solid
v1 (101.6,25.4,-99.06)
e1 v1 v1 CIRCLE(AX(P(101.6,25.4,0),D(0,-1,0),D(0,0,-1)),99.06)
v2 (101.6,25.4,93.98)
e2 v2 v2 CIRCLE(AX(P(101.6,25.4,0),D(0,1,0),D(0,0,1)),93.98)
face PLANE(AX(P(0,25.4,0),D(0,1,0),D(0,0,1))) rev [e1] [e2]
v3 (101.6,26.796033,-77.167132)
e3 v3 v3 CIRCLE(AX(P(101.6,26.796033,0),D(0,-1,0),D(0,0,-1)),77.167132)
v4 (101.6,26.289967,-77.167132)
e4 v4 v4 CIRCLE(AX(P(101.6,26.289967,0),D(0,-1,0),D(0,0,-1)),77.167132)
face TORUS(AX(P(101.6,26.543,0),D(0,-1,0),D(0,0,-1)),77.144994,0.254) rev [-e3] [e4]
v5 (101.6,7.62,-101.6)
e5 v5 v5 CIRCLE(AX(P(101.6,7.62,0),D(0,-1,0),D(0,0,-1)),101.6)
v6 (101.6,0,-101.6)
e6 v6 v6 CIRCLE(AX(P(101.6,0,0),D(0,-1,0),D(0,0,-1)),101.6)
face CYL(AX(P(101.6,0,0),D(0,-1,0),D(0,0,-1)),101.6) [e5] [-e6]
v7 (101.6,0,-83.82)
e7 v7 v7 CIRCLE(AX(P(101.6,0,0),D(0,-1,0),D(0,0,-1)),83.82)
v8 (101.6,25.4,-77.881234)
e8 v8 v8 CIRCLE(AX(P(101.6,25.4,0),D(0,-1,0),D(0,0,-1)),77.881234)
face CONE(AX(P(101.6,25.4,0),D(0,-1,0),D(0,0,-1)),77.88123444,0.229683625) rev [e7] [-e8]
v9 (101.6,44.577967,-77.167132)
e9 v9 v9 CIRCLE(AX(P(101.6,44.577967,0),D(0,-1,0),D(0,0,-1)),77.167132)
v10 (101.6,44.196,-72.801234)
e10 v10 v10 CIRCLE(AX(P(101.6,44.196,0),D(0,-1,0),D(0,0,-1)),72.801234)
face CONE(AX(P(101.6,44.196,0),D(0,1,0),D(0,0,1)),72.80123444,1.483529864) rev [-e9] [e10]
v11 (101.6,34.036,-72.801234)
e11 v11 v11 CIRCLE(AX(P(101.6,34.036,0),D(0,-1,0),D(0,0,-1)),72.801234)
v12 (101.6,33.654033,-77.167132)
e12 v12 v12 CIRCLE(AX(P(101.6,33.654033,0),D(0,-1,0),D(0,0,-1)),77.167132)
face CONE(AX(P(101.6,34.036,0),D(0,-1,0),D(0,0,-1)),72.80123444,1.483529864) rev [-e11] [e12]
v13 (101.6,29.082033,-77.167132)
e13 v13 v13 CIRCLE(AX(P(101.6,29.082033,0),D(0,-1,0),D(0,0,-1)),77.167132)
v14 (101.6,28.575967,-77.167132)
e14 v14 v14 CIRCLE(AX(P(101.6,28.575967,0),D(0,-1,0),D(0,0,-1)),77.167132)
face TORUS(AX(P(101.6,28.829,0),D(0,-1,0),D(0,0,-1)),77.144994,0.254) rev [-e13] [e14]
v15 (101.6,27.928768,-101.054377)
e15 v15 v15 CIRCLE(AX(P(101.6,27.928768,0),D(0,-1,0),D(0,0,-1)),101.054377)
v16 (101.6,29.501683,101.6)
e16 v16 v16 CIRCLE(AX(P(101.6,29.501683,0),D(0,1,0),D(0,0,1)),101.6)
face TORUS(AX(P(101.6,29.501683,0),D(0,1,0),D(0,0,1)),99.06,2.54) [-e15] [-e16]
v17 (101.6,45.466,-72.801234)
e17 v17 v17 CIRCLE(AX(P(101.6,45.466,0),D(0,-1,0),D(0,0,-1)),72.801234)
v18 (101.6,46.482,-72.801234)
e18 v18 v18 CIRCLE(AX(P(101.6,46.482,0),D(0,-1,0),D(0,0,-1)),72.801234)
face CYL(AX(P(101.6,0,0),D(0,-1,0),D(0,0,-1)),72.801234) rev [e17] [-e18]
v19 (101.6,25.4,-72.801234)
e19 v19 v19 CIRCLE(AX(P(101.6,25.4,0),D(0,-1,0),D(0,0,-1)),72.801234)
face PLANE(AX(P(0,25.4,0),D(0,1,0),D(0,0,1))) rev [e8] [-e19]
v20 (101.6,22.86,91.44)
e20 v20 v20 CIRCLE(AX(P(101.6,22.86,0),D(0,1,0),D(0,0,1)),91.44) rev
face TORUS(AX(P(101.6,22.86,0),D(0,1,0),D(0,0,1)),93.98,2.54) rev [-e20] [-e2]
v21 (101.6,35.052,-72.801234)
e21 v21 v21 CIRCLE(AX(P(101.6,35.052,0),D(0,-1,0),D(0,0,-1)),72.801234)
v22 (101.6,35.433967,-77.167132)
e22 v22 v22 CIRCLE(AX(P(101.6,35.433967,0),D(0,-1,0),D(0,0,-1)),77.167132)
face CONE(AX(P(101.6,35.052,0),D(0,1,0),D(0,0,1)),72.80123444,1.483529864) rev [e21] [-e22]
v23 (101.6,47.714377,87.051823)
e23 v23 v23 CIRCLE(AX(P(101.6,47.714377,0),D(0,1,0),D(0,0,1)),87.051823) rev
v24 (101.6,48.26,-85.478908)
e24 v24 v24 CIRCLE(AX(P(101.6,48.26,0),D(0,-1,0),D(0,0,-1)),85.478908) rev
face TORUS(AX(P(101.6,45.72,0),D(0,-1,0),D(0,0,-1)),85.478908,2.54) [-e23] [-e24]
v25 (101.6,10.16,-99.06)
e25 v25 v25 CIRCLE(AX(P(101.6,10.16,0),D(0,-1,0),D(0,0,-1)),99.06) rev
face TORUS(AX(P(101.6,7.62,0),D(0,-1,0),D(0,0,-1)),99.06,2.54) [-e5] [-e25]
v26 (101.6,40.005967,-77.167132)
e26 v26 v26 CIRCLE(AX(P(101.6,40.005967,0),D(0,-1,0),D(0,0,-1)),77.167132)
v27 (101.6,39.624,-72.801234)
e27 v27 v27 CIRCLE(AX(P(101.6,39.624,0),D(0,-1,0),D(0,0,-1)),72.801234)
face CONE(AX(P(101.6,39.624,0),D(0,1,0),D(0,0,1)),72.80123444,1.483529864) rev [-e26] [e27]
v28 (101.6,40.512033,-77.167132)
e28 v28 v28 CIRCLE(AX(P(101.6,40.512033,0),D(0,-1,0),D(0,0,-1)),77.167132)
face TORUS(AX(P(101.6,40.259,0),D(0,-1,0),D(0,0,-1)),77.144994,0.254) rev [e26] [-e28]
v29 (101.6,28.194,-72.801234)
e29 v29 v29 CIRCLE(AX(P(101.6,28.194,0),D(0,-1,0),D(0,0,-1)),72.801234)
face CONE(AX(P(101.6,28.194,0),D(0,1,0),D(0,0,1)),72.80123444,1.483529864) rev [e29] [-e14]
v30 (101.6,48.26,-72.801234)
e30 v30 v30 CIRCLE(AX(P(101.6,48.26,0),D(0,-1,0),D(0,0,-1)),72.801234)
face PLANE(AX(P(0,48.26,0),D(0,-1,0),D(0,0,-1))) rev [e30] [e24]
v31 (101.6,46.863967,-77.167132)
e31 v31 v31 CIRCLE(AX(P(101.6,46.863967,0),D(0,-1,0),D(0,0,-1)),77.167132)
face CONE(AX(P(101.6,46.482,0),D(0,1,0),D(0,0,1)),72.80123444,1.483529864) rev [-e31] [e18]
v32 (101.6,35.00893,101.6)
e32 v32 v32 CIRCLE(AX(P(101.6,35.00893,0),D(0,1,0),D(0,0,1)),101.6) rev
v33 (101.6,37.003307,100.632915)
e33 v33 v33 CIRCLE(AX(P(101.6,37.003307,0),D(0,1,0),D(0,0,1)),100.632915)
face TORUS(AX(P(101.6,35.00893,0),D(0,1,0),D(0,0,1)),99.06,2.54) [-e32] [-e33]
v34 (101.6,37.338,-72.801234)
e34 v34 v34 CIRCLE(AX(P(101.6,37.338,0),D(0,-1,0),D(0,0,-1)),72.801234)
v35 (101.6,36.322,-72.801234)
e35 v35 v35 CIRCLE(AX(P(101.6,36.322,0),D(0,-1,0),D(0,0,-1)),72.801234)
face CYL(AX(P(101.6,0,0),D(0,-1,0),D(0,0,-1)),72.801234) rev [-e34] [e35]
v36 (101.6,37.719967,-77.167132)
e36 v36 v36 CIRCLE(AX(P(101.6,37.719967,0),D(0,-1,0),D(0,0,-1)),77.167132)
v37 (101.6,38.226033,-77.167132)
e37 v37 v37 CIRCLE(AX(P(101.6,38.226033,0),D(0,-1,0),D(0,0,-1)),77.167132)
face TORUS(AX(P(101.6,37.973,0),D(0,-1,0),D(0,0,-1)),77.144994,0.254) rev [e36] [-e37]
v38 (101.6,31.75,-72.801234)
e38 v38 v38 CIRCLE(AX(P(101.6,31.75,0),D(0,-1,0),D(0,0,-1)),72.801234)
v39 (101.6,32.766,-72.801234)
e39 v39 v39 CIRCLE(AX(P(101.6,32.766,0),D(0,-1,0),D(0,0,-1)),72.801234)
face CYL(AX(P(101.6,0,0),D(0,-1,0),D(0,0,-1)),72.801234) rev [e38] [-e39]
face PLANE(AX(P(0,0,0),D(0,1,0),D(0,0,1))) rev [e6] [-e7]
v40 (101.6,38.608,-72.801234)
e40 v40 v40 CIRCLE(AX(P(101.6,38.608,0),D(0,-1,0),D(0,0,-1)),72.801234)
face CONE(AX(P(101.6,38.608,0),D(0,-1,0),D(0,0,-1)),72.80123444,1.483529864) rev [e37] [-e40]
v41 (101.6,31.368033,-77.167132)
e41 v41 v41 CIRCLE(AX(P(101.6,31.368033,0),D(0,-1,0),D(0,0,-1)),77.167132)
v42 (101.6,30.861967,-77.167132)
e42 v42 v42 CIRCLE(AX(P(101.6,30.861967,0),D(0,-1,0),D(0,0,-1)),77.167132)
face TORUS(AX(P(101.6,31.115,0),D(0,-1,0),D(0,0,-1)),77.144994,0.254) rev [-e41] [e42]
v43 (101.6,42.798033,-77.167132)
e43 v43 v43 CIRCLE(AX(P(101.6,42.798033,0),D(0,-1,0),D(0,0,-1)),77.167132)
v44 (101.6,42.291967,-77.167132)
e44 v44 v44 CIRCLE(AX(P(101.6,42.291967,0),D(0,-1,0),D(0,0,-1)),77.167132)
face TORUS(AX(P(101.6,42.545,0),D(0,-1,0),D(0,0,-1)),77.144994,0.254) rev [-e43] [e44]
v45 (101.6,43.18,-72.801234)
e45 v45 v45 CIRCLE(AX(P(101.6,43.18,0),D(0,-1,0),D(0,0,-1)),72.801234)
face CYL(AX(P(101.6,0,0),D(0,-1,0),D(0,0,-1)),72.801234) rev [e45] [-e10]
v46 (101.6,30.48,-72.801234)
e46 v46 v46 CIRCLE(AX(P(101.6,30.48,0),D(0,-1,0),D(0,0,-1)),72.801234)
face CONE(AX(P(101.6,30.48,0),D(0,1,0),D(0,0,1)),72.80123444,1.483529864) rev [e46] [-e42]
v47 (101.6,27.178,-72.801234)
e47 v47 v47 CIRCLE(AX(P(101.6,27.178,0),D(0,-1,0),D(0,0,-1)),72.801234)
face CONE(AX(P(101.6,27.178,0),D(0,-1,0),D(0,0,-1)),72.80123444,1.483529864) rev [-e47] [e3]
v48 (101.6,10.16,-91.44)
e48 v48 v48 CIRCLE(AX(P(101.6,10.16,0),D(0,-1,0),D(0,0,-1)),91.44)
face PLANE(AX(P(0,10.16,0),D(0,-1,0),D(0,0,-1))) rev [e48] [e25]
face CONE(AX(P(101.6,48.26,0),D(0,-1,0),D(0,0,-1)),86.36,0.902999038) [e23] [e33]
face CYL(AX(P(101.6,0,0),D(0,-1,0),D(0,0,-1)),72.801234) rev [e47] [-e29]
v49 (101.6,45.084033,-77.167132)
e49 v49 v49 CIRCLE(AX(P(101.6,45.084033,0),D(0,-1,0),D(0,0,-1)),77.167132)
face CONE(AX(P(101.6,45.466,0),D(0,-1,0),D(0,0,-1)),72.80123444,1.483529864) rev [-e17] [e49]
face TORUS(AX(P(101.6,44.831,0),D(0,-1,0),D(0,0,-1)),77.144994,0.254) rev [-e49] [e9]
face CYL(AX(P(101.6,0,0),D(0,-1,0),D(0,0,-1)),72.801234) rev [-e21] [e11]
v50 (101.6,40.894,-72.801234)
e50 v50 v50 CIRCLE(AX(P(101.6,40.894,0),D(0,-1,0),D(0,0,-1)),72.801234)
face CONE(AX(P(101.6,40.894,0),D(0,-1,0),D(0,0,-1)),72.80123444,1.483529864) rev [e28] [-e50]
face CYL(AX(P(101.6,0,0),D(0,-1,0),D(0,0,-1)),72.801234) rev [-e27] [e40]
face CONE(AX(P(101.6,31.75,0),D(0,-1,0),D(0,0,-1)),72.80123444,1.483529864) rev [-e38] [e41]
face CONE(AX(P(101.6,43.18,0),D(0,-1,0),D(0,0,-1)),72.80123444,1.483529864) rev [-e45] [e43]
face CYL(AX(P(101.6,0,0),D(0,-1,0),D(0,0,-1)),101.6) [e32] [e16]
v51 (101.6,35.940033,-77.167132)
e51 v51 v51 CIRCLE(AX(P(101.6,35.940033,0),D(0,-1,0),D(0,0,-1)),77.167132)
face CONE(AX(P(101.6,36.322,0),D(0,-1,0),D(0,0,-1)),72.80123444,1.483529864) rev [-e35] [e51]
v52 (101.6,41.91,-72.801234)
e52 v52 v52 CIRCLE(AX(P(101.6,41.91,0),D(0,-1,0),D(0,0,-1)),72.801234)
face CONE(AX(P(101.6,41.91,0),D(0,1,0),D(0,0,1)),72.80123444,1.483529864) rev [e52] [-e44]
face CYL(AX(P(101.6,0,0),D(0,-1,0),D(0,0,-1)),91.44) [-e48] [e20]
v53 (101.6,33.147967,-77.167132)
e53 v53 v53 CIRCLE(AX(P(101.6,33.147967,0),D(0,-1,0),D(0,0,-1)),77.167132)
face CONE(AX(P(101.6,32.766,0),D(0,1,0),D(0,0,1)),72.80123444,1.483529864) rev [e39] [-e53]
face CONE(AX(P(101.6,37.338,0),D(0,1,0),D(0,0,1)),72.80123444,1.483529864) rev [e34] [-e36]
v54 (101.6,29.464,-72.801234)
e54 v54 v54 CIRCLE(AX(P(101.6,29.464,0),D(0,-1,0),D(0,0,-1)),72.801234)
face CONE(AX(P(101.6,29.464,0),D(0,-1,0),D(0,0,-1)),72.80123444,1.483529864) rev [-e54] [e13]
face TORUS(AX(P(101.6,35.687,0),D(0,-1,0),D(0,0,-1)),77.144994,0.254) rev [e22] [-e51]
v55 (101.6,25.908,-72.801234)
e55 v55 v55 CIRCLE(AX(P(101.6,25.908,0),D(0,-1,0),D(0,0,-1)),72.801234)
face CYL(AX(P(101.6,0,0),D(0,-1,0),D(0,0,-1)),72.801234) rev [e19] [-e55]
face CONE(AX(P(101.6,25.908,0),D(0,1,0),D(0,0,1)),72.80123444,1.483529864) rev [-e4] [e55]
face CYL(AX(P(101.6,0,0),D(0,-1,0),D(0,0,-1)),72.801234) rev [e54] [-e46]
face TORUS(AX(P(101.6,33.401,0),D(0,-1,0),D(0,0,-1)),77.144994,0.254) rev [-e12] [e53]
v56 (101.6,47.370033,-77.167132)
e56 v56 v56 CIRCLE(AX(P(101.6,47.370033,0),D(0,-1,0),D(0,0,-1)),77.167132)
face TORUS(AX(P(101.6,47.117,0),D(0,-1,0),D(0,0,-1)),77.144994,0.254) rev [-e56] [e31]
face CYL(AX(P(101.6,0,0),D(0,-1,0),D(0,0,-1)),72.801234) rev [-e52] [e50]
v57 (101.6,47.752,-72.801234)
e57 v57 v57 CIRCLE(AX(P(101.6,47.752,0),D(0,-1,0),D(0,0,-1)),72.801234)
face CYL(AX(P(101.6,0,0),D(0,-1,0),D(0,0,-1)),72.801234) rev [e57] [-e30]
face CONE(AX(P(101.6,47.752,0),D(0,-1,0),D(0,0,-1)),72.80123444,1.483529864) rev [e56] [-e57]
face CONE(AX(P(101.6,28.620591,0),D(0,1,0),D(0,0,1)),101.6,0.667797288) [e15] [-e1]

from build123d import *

# Parameters (mm, degrees)
FILLET1_R = 2.54
FILLET2_R = 2.54


with BuildPart() as part:
    # Sketch1 → Revolve1 (revolve)
    with BuildSketch(Plane.XY, mode=Mode.PRIVATE) as revolve1_sk:
        with BuildLine():
            Line((0, 10.16), (0, 0))
            Line((0, 0), (17.78, 0))
            Line((17.78, 0), (23.71876556, 25.4))
            Line((23.71876556, 25.4), (28.79876556, 25.4))
            Line((28.79876556, 25.4), (28.79876556, 25.908))
            Line((28.79876556, 25.908), (24.432867954, 26.289966547))
            ThreePointArc((24.432867954, 26.289966547), (24.201005512, 26.543), (24.432867954, 26.796033453))
            Line((24.432867954, 26.796033453), (28.79876556, 27.178))
            Line((28.79876556, 27.178), (28.79876556, 28.194))
            Line((28.79876556, 28.194), (24.432867954, 28.575966547))
            ThreePointArc((24.432867954, 28.575966547), (24.201005512, 28.829), (24.432867954, 29.082033453))
            Line((24.432867954, 29.082033453), (28.79876556, 29.464))
            Line((28.79876556, 29.464), (28.79876556, 30.48))
            Line((28.79876556, 30.48), (24.432867954, 30.861966547))
            ThreePointArc((24.432867954, 30.861966547), (24.201005512, 31.115), (24.432867954, 31.368033453))
            Line((24.432867954, 31.368033453), (28.79876556, 31.75))
            Line((28.79876556, 31.75), (28.79876556, 32.766))
            Line((28.79876556, 32.766), (24.432867954, 33.147966547))
            ThreePointArc((24.432867954, 33.147966547), (24.201005512, 33.401), (24.432867954, 33.654033453))
            Line((24.432867954, 33.654033453), (28.79876556, 34.036))
            Line((28.79876556, 34.036), (28.79876556, 35.052))
            Line((28.79876556, 35.052), (24.432867954, 35.433966547))
            ThreePointArc((24.432867954, 35.433966547), (24.201005512, 35.687), (24.432867954, 35.940033453))
            Line((24.432867954, 35.940033453), (28.79876556, 36.322))
            Line((28.79876556, 36.322), (28.79876556, 37.338))
            Line((28.79876556, 37.338), (24.432867954, 37.719966547))
            ThreePointArc((24.432867954, 37.719966547), (24.201005512, 37.973), (24.432867954, 38.226033453))
            Line((24.432867954, 38.226033453), (28.79876556, 38.608))
            Line((28.79876556, 38.608), (28.79876556, 39.624))
            Line((28.79876556, 39.624), (24.432867954, 40.005966547))
            ThreePointArc((24.432867954, 40.005966547), (24.201005512, 40.259), (24.432867954, 40.512033453))
            Line((24.432867954, 40.512033453), (28.79876556, 40.894))
            Line((28.79876556, 40.894), (28.79876556, 41.91))
            Line((28.79876556, 41.91), (24.432867954, 42.291966547))
            ThreePointArc((24.432867954, 42.291966547), (24.201005512, 42.545), (24.432867954, 42.798033453))
            Line((24.432867954, 42.798033453), (28.79876556, 43.18))
            Line((28.79876556, 43.18), (28.79876556, 44.196))
            Line((28.79876556, 44.196), (24.432867954, 44.577966547))
            ThreePointArc((24.432867954, 44.577966547), (24.201005512, 44.831), (24.432867954, 45.084033453))
            Line((24.432867954, 45.084033453), (28.79876556, 45.466))
            Line((28.79876556, 45.466), (28.79876556, 46.482))
            Line((28.79876556, 46.482), (24.432867954, 46.863966547))
            ThreePointArc((24.432867954, 46.863966547), (24.201005512, 47.117), (24.432867954, 47.370033453))
            Line((24.432867954, 47.370033453), (28.79876556, 47.752))
            Line((28.79876556, 47.752), (28.79876556, 48.26))
            Line((28.79876556, 48.26), (15.24, 48.26))
            Line((15.24, 48.26), (0, 36.240590949))
            Line((0, 36.240590949), (0, 28.620590949))
            Line((0, 28.620590949), (2.54, 25.4))
            Line((2.54, 25.4), (10.16, 25.4))
            Line((10.16, 25.4), (10.16, 10.16))
            Line((10.16, 10.16), (0, 10.16))
        make_face()
    revolve(revolve1_sk.sketch.rotate(Axis((101.6, 0, 0), (0, 1, 0)), 270), axis=Axis((101.6, 0, 0), (0, 1, 0)))

    # Fillet1
    fillet1_edges = [part.edges().sort_by_distance(p)[0] for p in [
        (101.6, 48.26, 86.36),
    ]]
    fillet(fillet1_edges, radius=FILLET1_R)

    # Fillet2
    fillet2_edges = [part.edges().sort_by_distance(p)[0] for p in [
        (101.6, 10.16, 101.6),
        (101.6, 25.4, 91.44),
        (101.6, 28.620590949, 101.6),
        (101.6, 36.240590949, 101.6),
    ]]
    fillet(fillet2_edges, radius=FILLET2_R)


solid = part.part
